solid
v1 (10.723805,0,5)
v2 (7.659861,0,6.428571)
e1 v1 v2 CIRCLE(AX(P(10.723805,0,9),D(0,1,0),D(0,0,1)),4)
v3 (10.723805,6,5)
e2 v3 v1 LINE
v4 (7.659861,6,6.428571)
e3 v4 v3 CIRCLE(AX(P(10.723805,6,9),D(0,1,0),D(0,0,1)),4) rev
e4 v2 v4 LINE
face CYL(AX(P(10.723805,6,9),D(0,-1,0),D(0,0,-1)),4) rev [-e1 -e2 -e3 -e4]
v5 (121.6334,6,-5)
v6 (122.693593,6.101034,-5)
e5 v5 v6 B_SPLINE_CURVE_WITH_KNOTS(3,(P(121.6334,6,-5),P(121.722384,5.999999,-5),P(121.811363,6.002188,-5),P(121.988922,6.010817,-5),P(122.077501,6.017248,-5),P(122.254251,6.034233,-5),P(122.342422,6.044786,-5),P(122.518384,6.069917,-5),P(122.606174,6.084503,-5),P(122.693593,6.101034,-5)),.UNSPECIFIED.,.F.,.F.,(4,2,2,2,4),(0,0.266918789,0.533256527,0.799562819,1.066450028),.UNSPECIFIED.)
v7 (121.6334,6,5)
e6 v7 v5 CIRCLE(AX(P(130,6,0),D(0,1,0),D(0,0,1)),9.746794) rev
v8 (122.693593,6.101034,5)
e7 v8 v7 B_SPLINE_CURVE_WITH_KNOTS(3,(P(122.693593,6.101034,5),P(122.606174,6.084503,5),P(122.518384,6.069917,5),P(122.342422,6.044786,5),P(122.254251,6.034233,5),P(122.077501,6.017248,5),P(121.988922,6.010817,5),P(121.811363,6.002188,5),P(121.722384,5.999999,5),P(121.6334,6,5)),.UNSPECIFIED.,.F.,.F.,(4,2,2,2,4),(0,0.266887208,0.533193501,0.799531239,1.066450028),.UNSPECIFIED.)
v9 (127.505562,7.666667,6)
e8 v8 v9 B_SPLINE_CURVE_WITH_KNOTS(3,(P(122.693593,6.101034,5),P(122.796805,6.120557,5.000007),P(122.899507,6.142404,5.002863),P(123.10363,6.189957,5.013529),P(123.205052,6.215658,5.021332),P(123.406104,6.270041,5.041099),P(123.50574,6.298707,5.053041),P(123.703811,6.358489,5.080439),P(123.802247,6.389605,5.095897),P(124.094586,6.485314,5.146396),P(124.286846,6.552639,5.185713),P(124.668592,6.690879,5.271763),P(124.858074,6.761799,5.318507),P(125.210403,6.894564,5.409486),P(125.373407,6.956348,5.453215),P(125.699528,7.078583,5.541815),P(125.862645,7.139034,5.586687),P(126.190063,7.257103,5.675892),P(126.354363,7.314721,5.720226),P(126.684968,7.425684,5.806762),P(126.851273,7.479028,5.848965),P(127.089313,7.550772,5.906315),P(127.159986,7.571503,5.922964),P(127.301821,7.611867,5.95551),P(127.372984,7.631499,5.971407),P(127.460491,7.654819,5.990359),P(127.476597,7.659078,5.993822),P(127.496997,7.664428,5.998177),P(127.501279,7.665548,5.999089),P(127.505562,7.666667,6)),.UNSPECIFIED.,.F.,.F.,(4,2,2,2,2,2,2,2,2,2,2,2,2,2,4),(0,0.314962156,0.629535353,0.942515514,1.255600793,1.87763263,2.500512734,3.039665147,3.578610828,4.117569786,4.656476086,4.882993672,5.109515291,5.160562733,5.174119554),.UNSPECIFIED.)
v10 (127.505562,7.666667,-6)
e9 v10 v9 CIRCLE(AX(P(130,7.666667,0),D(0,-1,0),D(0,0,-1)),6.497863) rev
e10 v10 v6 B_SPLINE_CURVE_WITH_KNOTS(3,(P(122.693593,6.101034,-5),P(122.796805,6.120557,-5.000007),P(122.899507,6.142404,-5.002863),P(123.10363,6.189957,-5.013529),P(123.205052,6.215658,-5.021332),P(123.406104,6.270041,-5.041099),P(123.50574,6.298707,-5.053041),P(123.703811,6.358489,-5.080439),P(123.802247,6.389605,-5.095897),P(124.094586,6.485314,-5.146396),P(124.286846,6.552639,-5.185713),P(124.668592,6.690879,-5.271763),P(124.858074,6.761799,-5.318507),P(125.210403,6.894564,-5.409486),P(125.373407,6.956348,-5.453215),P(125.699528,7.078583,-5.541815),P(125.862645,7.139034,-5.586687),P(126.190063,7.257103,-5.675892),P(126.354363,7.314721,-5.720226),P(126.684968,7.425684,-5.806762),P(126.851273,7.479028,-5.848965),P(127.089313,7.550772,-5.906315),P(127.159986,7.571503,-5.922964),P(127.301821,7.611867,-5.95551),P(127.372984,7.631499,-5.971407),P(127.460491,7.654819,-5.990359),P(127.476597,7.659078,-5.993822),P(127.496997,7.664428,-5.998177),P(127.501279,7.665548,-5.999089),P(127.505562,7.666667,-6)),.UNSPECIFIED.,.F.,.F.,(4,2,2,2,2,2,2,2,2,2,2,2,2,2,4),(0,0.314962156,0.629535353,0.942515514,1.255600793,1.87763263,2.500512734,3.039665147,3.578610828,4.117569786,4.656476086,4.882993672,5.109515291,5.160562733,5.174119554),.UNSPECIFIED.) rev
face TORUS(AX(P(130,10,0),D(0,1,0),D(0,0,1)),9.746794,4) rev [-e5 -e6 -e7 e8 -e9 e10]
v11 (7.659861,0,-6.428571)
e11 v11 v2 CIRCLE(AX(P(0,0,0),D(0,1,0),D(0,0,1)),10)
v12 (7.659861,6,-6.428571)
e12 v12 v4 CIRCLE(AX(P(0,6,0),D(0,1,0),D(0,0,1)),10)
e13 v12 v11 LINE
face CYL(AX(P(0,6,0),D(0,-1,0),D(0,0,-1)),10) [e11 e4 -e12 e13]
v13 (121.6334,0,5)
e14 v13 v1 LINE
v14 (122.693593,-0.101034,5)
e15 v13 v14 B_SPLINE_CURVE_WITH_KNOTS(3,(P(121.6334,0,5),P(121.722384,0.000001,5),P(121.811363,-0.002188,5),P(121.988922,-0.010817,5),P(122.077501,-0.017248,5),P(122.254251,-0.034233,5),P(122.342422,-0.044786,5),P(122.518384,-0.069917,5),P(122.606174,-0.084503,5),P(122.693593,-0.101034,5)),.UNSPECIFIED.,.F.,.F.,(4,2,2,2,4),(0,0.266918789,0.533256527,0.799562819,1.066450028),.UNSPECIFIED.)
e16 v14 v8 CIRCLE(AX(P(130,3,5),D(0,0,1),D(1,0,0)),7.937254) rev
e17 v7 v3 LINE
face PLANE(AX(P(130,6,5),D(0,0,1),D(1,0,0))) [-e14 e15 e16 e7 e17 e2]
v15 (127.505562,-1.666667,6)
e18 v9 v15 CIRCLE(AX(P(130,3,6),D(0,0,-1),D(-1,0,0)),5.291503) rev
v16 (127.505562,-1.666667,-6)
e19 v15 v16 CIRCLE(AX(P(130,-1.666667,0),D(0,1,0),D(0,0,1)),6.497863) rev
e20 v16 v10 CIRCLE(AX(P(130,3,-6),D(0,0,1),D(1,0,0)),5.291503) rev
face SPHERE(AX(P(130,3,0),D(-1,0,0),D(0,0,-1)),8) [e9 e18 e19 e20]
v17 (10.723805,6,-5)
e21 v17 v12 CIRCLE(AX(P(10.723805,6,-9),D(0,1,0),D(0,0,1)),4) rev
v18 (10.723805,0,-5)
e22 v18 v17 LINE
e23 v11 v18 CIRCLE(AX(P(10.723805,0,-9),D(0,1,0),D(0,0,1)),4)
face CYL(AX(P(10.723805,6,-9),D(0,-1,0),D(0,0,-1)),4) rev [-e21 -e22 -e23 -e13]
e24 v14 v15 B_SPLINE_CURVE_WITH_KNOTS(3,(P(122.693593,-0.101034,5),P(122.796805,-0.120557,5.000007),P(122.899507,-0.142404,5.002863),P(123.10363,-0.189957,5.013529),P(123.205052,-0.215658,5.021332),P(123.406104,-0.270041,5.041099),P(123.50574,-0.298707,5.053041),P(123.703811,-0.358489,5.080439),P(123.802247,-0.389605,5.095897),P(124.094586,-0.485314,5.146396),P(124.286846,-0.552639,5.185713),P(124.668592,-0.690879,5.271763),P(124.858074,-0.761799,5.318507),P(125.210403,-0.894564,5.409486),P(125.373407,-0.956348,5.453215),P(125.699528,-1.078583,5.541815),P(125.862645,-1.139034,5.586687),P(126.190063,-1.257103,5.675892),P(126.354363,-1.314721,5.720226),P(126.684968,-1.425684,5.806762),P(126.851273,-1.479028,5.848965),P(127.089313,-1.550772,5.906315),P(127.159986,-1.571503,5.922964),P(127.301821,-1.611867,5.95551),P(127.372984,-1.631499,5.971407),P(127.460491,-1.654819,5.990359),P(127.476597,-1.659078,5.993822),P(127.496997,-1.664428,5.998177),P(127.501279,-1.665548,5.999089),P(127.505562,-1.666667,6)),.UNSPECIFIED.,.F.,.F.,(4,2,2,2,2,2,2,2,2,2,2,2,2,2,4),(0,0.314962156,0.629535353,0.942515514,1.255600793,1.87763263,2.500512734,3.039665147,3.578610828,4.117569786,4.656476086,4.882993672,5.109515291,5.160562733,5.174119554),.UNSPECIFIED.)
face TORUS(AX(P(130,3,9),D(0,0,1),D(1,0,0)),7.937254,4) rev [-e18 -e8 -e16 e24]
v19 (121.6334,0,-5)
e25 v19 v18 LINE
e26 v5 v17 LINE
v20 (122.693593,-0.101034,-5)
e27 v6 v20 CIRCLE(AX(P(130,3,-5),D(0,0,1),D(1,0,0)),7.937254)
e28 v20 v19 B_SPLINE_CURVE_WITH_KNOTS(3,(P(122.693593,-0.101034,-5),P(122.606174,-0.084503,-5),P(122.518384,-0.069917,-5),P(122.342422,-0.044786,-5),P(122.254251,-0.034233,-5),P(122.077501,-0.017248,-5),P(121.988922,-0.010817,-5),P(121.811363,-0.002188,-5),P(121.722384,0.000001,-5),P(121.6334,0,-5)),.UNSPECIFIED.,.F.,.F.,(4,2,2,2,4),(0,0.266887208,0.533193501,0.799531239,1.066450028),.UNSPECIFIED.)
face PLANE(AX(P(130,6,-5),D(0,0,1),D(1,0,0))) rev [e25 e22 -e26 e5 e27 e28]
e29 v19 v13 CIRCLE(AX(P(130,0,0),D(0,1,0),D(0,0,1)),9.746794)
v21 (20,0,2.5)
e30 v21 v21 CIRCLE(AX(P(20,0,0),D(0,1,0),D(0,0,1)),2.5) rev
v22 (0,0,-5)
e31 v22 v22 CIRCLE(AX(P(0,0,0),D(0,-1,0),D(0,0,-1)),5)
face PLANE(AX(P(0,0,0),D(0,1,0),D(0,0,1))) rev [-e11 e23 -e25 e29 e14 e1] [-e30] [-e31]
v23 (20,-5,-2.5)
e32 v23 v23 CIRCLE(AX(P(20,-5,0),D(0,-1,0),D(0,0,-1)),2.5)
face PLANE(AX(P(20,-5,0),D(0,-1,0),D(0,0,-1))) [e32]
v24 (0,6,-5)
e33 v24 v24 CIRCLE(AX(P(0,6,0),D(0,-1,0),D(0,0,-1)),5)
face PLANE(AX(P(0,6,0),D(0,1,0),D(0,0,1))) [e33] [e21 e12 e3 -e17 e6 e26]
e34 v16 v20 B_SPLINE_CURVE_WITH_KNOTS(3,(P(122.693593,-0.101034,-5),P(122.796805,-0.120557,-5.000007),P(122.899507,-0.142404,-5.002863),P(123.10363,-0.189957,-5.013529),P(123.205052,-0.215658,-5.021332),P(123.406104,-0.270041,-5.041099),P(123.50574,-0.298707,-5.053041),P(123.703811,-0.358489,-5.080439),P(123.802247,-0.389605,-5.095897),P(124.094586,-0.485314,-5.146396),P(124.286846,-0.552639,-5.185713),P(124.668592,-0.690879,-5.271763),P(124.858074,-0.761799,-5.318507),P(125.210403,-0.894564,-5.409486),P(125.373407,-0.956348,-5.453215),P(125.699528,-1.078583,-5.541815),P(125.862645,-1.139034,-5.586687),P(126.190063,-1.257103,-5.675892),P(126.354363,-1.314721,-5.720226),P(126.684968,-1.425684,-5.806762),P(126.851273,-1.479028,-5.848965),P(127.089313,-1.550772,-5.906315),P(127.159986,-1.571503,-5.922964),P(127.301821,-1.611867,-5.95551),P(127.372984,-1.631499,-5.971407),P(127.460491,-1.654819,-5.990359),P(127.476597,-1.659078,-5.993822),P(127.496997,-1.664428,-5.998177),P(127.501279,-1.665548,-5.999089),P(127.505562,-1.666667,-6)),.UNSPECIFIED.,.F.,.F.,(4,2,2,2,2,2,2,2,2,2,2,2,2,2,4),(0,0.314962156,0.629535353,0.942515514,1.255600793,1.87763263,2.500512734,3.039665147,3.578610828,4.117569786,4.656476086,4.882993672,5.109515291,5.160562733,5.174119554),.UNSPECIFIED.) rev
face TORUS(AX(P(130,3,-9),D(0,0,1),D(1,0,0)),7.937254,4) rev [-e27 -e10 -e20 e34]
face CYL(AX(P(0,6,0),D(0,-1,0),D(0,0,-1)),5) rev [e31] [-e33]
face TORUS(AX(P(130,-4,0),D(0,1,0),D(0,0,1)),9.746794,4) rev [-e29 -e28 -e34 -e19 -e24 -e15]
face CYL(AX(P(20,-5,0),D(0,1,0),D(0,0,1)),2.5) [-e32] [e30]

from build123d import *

# Parameters (mm, degrees)
SKETCH_1_R          = 10
SKETCH_1_R_2        = 4.99999999999999
SKETCH_1_W          = 121.3397459621556
SKETCH_1_H          = 9.99999999999998
EXTRUDE_1_DEPTH     = 6
FILLET_1_R          = 4
SKETCH_3_R          = 5
CUT_EXTRUDE_1_DEPTH = 6
SKETCH_4_R          = 2.4999999999999982
EXTRUDE_2_DEPTH     = 5


with BuildPart() as part:
    # 草图1 → 凸台-拉伸1 (new body)
    with BuildSketch(Plane(origin=(0, 0, 0), x_dir=(1, 0, 0), z_dir=(0, 1, 0))):
        Circle(SKETCH_1_R)
        with Locations((130, 0)):
            Circle(SKETCH_1_R_2)
        with Locations((69.3301270189222, 0)):
            Rectangle(SKETCH_1_W, SKETCH_1_H)
    extrude(amount=EXTRUDE_1_DEPTH)

    # 草图2 → 旋转6 (revolve)
    with BuildSketch(Plane(origin=(0, 3, 0), x_dir=(1, 0, 0), z_dir=(0, 1, 0)), mode=Mode.PRIVATE) as revolve_6_sk:
        with BuildLine():
            ThreePointArc((130, -4.999999999999993), (133.53553390593277, -3.5355339059327036), (135, 8.296e-14))
            Line((135, 0), (130, 0))
            Line((130, 0), (122, 0))
            ThreePointArc((121.99999999999999, 9.8e-16), (122.45149074362405, -2.6495297708096603), (123.75500200160165, -5.0000000000000915))
            Line((123.7550020016017, -4.99999999999999), (130, -4.99999999999999))
        make_face()
        with BuildLine():
            ThreePointArc((123.75500200160165, -5.0000000000000915), (132.64952977080966, -7.548509256375958), (138, -1.96e-15))
            Line((138, 0), (135, 0))
            ThreePointArc((135, 8.296e-14), (133.53553390593277, -3.5355339059327036), (130, -4.999999999999993))
            Line((130, -4.99999999999999), (123.7550020016017, -4.99999999999999))
        make_face()
        with BuildLine():
            ThreePointArc((130, -4.999999999999993), (133.53553390593277, -3.5355339059327036), (135, 8.296e-14))
            Line((135, 0), (130, 0))
            Line((130, 0), (122, 0))
            ThreePointArc((121.99999999999999, 9.8e-16), (122.45149074362405, -2.6495297708096603), (123.75500200160165, -5.0000000000000915))
            Line((123.7550020016017, -4.99999999999999), (130, -4.99999999999999))
        make_face()
    revolve(revolve_6_sk.sketch.rotate(Axis((130, 3, 0), (1, 0, 0)), 180), axis=Axis((130, 3, 0), (1, 0, 0)))

    # 圆角1
    fillet_1_edges = [part.edges().sort_by_distance(p)[0] for p in [
        (123.7550020016015, 3.0000000000000013, 4.99999999999999),
        (122.58380151290432, 6, 7.053e-14),
        (123.94998914244879, 4.548343832458719, -4.99999999999999),
        (122.58380151290432, 0, 6.78e-14),
        (8.66025403784439, 3, -4.99999999999999),
        (8.66025403784439, 3, 4.99999999999999),
    ]]
    fillet(fillet_1_edges, radius=FILLET_1_R)

    # 草图3 → 切除-拉伸1 (cut)
    with BuildSketch(Plane.XZ):
        with Locations(Location((0, 0, 0), (0, 0, 270))):
            Circle(SKETCH_3_R)
    extrude(amount=-CUT_EXTRUDE_1_DEPTH, mode=Mode.SUBTRACT)

    # 草图4 → 凸台-拉伸2 (add)
    with BuildSketch(Plane.XZ):
        with Locations(Location((20, 0, 0), (0, 0, 90))):
            Circle(SKETCH_4_R)
    extrude(amount=EXTRUDE_2_DEPTH)


solid = part.part
